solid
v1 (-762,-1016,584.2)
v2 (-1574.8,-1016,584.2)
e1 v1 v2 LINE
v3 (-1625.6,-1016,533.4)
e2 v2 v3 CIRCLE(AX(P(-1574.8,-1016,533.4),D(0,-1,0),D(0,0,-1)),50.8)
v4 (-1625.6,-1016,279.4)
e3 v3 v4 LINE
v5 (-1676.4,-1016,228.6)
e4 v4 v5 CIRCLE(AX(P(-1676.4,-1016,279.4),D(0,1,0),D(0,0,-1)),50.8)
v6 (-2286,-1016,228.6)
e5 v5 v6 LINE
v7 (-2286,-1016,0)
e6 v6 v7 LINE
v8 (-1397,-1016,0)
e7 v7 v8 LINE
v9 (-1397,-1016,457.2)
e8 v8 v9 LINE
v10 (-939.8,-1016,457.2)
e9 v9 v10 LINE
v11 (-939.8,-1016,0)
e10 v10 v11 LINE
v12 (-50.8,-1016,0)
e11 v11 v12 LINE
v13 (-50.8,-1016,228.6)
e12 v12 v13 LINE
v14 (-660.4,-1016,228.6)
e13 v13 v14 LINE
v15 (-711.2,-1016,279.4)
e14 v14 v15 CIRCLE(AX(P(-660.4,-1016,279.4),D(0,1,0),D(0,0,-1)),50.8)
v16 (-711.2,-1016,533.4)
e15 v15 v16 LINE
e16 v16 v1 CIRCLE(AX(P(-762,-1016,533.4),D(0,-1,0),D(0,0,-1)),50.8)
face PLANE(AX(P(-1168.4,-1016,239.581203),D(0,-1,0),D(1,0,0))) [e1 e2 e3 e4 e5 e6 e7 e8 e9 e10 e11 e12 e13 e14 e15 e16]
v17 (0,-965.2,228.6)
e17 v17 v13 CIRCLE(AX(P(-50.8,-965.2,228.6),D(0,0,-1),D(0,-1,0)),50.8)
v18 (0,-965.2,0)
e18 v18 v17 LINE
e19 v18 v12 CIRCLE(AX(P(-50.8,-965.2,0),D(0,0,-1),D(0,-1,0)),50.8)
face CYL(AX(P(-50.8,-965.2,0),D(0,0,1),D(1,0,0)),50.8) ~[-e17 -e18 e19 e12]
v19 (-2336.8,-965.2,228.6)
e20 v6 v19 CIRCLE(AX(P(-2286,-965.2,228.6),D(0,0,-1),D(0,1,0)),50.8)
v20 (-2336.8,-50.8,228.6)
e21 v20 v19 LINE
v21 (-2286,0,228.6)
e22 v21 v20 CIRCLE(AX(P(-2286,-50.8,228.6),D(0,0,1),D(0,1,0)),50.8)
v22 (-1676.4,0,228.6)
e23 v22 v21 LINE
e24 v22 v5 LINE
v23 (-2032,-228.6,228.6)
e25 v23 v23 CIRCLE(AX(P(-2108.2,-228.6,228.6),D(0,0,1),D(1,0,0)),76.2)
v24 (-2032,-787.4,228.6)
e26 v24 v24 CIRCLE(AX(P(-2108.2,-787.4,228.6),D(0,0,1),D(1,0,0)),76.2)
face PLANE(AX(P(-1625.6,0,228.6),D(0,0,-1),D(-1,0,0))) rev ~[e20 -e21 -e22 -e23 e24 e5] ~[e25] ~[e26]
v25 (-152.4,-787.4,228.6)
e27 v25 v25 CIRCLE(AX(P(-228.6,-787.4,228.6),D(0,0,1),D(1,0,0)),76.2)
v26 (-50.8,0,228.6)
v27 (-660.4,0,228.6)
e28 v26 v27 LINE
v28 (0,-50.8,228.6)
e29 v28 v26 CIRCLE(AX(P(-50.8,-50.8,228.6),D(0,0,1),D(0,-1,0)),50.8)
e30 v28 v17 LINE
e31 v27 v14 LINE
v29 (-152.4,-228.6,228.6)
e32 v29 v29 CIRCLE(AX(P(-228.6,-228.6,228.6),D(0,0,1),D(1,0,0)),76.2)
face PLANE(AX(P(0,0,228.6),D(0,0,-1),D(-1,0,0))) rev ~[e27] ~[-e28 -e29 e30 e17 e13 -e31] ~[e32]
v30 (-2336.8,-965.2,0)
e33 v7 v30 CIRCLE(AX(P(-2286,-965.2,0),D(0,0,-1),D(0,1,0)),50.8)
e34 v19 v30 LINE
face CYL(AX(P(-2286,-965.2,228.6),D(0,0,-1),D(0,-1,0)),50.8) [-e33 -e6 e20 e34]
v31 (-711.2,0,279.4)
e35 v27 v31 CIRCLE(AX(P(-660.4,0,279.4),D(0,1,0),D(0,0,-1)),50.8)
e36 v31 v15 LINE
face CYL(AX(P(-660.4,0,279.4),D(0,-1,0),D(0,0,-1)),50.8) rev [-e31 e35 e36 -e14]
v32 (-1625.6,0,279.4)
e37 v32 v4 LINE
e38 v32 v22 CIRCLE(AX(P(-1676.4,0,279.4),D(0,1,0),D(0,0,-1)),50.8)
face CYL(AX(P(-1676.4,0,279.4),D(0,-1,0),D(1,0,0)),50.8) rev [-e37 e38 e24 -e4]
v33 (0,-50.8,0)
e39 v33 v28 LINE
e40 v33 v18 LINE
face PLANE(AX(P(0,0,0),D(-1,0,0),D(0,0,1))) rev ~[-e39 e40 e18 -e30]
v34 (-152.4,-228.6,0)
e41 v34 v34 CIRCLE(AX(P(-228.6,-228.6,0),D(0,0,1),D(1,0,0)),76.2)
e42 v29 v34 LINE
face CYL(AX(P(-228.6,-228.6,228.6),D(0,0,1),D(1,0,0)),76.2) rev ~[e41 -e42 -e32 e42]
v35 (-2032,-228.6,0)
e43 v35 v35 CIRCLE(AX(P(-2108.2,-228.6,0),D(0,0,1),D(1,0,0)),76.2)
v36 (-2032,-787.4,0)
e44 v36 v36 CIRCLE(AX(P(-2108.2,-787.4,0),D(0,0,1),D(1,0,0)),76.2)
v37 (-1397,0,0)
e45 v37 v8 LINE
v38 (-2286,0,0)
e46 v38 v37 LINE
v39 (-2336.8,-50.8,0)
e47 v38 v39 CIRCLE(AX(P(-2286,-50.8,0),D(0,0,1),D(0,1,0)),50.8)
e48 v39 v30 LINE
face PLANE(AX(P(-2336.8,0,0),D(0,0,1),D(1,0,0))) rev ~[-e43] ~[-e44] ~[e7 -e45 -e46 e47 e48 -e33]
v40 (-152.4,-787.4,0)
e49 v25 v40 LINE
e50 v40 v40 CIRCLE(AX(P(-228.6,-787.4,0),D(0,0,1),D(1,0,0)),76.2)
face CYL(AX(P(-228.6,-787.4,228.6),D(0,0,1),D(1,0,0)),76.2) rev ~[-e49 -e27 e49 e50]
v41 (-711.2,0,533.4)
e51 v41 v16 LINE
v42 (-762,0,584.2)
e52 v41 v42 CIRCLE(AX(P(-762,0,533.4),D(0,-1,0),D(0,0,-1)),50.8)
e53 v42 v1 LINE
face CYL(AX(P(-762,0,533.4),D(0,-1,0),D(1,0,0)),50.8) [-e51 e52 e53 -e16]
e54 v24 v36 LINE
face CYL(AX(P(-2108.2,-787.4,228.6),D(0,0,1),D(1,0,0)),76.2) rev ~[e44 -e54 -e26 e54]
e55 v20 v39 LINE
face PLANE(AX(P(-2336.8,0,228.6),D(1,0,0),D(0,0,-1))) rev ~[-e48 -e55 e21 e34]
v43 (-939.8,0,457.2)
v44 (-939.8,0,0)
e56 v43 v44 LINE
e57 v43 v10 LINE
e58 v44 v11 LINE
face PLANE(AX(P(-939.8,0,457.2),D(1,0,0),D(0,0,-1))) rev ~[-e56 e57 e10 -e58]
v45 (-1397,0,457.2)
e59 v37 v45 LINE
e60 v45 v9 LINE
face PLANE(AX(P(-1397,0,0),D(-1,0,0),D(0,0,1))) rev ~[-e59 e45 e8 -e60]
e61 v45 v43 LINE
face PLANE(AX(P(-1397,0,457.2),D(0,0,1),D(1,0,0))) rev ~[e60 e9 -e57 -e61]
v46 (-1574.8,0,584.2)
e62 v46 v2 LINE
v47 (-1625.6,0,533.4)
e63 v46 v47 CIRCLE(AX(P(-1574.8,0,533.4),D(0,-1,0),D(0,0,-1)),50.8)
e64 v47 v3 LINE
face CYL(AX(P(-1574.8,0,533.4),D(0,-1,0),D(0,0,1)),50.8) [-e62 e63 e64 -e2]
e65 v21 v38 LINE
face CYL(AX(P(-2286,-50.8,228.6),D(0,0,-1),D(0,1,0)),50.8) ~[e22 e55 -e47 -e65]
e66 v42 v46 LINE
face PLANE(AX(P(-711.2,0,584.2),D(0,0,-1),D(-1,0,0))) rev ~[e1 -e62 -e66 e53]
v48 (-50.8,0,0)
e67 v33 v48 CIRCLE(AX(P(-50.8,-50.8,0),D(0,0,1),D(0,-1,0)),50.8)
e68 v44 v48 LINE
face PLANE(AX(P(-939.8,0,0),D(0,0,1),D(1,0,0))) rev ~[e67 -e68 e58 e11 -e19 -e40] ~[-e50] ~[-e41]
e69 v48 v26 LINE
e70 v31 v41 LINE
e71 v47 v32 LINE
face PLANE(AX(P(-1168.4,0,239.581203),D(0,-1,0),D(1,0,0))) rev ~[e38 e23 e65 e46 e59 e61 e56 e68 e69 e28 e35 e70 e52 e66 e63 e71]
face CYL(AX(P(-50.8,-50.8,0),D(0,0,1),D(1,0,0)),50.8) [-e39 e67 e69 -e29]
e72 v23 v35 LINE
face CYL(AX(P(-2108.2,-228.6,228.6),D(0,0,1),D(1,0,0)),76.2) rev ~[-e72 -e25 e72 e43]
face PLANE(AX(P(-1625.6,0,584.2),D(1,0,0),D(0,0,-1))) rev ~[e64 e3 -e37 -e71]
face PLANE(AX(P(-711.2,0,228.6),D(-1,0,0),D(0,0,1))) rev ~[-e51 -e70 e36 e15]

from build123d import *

# Parameters (mm, degrees)
F1_DEPTH = 1016
F2_R     = 50.8
F3_R     = 50.8
F4_R     = 76.2
F5_DEPTH = 2286


with BuildPart() as f1:
    # F0 (on Front) → F1 (new body)
    with BuildSketch(Plane.XZ):
        Polygon((-939.8, 0), (0, 0), (0, 228.6), (-711.2, 228.6), (-711.2, 584.2), (-1625.6, 584.2), (-1625.6, 228.6), (-2336.8, 228.6), (-2336.8, 0), (-1397, 0), (-1397, 228.6), (-1397, 457.2), (-939.8, 457.2), (-939.8, 228.6), align=None)
    extrude(amount=F1_DEPTH)

    # F2
    f2_edges = [f1.edges().sort_by_distance(p)[0] for p in [
        (0, -1016, 114.3),
    ]]
    fillet(f2_edges, radius=F2_R)

    # F3
    f3_edges = [f1.edges().sort_by_distance(p)[0] for p in [
        (0, 0, 114.3),
        (-711.2, -508, 228.6),
        (-711.2, -508, 584.2),
        (-1625.6, -508, 584.2),
        (-1625.6, -508, 228.6),
        (-2336.8, 0, 114.3),
        (-2336.8, -1016, 114.3),
    ]]
    fillet(f3_edges, radius=F3_R)

    # F4 (on face) → F5 (cut)
    with BuildSketch(Plane.XY.offset(228.6)):
        with Locations((-228.6, -228.6)):
            Circle(F4_R)
        with Locations((-228.6, -787.4)):
            Circle(F4_R)
        with Locations((-2108.2, -787.4)):
            Circle(F4_R)
        with Locations((-2108.2, -228.6)):
            Circle(F4_R)
    extrude(amount=-F5_DEPTH, mode=Mode.SUBTRACT)


solid = f1.part
